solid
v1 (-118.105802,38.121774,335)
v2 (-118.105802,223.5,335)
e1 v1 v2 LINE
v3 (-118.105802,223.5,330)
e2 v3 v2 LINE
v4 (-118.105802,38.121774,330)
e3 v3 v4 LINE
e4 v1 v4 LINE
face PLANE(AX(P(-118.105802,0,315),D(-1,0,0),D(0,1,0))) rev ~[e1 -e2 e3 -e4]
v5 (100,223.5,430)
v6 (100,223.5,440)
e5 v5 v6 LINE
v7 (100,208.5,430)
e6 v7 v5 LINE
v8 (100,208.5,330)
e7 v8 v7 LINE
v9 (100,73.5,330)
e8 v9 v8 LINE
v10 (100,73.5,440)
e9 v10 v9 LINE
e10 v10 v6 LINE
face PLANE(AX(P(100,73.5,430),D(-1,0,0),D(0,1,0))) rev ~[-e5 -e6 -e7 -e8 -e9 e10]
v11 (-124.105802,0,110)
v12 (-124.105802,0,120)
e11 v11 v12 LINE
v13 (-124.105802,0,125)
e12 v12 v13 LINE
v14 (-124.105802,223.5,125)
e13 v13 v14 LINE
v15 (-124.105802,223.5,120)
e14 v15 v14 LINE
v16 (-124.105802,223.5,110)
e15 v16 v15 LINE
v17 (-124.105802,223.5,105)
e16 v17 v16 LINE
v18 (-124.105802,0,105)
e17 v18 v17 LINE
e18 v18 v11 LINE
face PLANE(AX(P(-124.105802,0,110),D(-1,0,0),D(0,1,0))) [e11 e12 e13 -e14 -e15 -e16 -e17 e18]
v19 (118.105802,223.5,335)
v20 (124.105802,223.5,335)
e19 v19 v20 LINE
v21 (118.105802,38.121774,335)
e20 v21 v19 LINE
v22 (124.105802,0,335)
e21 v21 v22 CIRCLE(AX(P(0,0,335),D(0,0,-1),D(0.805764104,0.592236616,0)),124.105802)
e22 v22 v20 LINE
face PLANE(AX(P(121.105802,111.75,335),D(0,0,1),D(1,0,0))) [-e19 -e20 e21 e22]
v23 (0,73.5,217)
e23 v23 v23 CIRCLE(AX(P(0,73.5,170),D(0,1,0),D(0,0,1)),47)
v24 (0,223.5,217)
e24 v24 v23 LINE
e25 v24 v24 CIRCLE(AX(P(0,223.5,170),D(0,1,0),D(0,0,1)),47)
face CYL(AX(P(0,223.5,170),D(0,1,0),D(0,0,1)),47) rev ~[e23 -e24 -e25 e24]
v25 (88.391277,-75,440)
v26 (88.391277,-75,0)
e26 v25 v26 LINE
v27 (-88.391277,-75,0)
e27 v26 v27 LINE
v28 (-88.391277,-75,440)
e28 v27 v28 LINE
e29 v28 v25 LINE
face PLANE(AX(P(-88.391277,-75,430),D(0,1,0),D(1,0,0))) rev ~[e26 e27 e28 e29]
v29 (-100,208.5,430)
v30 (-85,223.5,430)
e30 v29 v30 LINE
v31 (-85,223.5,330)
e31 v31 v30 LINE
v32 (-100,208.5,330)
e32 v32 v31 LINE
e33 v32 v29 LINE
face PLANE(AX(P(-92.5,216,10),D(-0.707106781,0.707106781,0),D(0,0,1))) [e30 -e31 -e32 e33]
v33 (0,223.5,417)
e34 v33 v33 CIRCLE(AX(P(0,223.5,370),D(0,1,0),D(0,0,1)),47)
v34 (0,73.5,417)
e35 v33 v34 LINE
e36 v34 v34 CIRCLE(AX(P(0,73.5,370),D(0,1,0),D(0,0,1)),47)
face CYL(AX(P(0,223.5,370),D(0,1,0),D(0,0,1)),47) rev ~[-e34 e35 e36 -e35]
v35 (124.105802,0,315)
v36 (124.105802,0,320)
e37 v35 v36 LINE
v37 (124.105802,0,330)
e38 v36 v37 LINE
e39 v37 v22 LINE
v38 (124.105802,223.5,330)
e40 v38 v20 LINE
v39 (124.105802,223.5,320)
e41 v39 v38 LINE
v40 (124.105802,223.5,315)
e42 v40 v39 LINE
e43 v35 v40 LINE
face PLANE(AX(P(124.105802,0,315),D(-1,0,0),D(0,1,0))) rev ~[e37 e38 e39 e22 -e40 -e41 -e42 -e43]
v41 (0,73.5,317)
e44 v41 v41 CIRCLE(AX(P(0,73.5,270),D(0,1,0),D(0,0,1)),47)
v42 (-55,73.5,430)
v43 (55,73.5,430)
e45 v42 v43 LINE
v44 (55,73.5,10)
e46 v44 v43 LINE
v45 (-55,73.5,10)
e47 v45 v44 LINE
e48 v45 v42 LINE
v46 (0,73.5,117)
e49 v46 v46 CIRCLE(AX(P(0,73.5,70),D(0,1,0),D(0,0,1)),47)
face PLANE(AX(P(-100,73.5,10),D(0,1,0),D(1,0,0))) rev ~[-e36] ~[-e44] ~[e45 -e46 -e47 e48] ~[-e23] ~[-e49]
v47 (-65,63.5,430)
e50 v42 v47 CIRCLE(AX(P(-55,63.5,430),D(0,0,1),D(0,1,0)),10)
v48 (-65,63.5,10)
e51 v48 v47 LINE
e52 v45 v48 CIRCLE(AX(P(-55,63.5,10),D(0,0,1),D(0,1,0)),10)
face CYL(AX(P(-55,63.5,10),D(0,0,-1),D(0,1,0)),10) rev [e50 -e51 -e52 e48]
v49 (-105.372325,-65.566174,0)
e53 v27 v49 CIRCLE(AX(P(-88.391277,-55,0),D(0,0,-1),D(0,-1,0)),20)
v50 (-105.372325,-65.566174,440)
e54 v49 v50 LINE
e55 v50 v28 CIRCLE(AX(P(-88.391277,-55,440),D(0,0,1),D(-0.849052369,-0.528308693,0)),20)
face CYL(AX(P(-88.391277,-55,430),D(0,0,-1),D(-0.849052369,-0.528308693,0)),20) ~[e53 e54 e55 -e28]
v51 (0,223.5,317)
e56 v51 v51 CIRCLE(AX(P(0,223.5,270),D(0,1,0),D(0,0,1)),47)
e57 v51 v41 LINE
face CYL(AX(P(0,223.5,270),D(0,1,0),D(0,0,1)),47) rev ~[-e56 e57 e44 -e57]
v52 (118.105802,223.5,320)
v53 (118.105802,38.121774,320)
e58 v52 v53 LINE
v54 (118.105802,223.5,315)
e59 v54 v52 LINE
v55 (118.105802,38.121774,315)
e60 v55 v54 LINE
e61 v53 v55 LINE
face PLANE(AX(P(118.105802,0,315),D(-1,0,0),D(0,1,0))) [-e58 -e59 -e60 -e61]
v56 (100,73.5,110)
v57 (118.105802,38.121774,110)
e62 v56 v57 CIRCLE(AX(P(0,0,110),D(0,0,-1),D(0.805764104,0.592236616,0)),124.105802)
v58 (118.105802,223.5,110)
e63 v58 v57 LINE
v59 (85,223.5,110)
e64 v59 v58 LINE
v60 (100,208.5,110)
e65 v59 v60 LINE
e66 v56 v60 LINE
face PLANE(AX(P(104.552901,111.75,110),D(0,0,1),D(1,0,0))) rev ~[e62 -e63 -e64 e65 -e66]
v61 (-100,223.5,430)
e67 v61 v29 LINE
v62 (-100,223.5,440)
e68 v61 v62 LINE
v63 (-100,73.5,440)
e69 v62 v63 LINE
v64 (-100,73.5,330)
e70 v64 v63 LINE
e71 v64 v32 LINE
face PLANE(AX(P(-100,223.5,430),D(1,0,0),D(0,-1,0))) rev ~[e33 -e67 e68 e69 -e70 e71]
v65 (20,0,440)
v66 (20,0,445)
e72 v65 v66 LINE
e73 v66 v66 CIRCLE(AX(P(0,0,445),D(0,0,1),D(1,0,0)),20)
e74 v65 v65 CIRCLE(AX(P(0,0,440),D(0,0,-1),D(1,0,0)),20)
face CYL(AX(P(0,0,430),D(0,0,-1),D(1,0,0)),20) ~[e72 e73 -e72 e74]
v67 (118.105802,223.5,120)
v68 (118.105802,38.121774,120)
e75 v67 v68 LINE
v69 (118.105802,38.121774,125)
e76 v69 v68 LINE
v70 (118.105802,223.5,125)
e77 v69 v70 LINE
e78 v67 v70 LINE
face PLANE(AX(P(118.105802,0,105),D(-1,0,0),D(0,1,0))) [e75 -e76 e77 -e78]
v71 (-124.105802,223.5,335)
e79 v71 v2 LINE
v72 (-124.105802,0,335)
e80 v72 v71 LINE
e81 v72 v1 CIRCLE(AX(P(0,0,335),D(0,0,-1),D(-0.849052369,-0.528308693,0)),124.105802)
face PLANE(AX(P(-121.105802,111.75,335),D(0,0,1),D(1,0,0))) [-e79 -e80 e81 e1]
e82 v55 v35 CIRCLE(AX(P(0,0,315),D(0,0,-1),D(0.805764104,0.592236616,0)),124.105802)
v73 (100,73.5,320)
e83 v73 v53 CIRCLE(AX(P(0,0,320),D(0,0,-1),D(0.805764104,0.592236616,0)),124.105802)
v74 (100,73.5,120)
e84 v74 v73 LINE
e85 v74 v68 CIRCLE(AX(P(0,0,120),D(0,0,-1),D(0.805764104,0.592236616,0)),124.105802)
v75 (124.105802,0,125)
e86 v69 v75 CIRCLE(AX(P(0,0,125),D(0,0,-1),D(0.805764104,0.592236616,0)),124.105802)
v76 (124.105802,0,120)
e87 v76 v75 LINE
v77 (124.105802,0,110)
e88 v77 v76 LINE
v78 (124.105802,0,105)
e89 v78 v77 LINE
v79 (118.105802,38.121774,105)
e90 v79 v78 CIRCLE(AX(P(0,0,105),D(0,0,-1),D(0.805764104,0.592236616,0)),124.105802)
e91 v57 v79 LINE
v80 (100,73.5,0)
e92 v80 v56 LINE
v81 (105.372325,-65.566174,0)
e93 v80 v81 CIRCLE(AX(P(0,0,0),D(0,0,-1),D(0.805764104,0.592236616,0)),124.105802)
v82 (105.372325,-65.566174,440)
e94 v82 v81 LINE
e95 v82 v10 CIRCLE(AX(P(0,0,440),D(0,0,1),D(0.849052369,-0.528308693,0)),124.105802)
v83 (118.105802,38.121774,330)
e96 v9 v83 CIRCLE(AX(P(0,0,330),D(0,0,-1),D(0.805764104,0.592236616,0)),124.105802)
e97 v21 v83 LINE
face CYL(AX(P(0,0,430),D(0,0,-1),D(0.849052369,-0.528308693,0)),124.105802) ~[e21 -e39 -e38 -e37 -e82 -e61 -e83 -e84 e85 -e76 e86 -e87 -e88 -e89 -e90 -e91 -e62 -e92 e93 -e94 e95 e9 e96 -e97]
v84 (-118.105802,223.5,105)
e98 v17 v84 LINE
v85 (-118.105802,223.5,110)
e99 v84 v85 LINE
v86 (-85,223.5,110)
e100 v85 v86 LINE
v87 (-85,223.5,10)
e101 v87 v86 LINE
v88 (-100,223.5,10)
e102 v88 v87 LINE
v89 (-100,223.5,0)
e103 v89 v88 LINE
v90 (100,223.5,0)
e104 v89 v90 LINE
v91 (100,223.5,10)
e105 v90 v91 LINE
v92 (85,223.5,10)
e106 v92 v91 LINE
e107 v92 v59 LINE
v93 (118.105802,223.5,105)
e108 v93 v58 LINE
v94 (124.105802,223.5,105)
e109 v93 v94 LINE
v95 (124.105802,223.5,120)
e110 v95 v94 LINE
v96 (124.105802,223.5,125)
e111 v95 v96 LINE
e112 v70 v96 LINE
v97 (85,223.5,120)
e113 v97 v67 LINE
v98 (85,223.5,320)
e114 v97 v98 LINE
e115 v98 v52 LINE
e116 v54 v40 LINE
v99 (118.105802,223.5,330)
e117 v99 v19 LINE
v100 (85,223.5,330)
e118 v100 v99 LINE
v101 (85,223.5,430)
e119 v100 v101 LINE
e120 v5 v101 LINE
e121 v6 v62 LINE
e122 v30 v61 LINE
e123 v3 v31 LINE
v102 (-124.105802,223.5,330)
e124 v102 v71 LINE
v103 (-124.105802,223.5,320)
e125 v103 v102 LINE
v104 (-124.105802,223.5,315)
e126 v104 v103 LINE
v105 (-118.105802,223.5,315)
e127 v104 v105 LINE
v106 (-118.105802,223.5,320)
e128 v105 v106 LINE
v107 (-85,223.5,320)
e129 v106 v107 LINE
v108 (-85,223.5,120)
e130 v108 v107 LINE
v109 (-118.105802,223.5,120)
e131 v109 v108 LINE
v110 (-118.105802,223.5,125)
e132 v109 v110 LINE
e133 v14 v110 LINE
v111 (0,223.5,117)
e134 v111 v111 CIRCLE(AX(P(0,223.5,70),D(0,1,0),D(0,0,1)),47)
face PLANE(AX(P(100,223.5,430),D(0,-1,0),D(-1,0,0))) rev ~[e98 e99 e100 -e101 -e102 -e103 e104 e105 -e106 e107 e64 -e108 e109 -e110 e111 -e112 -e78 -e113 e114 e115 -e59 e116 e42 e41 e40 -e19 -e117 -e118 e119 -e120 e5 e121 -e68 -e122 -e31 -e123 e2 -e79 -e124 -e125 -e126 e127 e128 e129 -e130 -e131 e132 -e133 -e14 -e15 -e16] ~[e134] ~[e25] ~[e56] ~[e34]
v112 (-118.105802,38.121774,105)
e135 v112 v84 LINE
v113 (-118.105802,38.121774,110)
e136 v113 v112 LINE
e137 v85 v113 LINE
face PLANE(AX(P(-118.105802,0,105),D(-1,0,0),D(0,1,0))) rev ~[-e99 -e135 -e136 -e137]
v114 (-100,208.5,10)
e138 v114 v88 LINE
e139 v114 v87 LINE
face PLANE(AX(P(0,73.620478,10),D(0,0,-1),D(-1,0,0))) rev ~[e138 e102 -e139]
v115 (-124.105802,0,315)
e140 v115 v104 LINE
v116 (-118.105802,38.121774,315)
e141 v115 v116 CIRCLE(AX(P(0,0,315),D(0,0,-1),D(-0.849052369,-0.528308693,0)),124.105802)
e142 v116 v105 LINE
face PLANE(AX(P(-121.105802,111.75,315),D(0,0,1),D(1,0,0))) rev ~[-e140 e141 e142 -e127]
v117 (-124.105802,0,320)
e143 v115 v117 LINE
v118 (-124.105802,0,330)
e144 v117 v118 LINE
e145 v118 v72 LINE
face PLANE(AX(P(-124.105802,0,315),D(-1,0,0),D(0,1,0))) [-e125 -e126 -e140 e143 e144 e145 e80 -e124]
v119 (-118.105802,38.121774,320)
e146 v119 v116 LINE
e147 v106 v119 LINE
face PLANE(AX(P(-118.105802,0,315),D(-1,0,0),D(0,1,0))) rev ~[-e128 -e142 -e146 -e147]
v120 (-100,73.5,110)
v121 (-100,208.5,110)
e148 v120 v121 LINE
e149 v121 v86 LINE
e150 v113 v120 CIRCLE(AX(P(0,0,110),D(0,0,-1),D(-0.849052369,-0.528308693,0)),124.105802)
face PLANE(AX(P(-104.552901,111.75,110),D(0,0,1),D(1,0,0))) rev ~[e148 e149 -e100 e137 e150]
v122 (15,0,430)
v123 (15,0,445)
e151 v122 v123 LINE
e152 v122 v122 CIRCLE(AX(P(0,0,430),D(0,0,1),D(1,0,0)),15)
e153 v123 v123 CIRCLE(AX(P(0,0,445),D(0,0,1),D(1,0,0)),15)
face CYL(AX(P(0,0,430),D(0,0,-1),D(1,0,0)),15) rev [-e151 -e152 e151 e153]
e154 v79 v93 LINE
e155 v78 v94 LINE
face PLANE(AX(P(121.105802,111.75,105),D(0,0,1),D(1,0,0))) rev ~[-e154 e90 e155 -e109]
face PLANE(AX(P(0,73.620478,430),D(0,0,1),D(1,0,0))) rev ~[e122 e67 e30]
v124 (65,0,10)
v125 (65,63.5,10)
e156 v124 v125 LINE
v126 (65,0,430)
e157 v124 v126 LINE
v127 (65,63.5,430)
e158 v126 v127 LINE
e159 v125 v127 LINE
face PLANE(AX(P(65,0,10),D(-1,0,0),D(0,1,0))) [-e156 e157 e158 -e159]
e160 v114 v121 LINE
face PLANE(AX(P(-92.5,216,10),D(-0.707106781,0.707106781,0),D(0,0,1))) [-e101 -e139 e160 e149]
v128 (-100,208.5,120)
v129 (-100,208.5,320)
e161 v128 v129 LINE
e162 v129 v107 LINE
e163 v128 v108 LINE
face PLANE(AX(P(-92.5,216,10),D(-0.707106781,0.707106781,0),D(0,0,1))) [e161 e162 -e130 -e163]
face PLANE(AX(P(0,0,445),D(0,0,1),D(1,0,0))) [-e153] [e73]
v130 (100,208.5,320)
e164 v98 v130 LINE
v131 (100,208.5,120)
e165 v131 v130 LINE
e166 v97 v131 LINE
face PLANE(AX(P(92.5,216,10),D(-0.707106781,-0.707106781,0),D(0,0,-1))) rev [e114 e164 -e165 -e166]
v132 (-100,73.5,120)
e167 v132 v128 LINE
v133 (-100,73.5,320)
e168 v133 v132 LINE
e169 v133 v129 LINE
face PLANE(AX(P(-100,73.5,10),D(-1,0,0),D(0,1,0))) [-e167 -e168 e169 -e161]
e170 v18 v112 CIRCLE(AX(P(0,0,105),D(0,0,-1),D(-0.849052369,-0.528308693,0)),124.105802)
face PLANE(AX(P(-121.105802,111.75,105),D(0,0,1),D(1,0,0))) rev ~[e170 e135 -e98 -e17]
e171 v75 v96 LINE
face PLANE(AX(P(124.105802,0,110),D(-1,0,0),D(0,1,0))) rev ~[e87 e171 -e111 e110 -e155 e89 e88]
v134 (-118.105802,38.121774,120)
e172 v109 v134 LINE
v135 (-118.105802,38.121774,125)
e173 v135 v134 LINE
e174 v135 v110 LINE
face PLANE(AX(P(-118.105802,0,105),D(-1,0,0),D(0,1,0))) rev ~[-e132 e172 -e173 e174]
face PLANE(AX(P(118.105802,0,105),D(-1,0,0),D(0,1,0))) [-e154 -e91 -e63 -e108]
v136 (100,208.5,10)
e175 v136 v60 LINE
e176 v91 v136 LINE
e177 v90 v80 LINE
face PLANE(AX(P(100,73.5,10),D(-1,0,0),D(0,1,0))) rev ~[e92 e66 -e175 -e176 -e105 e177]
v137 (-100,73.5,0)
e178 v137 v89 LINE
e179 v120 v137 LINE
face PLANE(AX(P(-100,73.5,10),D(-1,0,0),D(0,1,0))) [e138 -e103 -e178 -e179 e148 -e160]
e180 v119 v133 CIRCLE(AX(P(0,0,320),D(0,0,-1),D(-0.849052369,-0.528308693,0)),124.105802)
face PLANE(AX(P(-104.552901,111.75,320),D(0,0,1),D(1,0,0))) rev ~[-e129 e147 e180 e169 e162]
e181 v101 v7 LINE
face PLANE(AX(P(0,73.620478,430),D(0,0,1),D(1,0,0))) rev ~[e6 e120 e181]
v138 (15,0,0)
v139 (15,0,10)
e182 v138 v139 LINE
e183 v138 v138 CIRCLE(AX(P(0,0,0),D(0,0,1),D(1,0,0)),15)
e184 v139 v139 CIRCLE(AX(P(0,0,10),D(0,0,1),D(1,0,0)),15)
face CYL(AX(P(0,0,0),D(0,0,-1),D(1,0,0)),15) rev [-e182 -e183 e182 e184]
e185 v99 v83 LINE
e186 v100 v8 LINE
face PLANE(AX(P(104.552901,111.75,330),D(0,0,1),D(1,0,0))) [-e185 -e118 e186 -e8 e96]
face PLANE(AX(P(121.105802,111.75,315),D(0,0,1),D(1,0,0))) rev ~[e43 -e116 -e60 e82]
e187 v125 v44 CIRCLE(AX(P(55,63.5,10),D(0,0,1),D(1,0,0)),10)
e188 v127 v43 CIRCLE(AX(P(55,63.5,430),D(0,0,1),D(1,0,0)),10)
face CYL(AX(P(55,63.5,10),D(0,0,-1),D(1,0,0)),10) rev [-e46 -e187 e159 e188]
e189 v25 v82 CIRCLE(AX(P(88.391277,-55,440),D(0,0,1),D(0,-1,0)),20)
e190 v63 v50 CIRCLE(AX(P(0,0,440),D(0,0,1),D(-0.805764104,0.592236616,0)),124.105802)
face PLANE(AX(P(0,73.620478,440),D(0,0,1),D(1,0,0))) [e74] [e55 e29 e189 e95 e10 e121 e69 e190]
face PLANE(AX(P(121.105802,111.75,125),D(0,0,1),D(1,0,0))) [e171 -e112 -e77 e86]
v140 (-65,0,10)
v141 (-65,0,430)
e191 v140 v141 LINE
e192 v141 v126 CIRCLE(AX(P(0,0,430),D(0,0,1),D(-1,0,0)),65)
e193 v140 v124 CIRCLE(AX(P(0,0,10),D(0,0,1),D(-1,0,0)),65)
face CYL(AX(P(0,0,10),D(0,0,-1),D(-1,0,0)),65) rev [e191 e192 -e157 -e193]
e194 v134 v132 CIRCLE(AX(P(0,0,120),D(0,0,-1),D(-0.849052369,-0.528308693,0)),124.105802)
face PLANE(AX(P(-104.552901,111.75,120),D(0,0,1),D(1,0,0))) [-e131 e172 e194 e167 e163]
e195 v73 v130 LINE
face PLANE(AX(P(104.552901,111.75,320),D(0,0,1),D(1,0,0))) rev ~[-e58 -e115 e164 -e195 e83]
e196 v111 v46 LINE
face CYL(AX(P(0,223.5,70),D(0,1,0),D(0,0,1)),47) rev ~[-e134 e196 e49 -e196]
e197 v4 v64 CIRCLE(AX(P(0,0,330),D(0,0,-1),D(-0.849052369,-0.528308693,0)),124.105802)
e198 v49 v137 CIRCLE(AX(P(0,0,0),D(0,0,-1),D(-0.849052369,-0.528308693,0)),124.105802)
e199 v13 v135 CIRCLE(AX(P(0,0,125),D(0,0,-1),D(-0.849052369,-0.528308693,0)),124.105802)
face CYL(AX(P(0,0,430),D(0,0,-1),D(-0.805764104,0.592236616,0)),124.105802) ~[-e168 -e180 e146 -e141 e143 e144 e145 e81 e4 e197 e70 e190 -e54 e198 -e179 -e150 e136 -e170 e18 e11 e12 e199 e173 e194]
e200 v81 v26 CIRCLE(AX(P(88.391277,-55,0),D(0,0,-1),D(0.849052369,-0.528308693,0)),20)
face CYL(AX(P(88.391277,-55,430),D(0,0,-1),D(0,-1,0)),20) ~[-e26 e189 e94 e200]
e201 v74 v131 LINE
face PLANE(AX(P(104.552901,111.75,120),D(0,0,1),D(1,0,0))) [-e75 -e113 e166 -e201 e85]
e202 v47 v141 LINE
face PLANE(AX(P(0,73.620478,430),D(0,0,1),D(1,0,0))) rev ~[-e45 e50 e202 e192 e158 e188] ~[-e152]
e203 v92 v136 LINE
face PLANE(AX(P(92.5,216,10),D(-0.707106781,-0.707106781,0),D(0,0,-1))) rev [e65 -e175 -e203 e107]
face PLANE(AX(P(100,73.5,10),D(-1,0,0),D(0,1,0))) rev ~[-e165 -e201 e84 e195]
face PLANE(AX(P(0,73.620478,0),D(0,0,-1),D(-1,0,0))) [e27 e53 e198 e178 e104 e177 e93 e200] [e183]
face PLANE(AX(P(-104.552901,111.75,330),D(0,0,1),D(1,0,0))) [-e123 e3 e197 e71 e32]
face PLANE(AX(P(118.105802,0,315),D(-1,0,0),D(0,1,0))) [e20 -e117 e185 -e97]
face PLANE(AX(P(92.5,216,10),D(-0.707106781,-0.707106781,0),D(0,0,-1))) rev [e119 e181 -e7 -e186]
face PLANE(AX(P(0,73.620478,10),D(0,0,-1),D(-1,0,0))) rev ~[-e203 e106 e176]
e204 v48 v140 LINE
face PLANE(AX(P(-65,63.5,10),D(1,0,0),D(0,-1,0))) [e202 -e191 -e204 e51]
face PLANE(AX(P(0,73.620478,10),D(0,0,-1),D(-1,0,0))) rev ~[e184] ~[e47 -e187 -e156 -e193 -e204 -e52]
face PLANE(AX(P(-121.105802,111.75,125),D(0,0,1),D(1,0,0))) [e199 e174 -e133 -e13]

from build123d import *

# Parameters (mm, degrees)
SKETCH1_R                = 15
BOSS_EXTRUDE1_DEPTH      = 10
SKETCH2_W                = 200
SKETCH2_H                = 150
BOSS_EXTRUDE2_DEPTH      = 420
SKETCH3_R                = 47
CUT_EXTRUDE1_DEPTH       = 150
CHAMFER2_SIZE            = 15
BOSS_EXTRUDE3_START      = 10
BOSS_EXTRUDE3_DEPTH      = 420
BOSS_EXTRUDE4_DEPTH      = 5
BOSS_EXTRUDE4_DEPTH_BACK = 5
BOSS_EXTRUDE4_START      = 115
SKETCH5_W                = 39.105801637
SKETCH5_H                = 223.5
BOSS_EXTRUDE5_DEPTH      = 5
BOSS_EXTRUDE5_DEPTH_BACK = 5
BOSS_EXTRUDE5_START      = 325
SKETCH5_3_W              = 39.105801637
SKETCH5_3_H              = 223.5
BOSS_EXTRUDE6_DEPTH      = 10
BOSS_EXTRUDE6_DEPTH_BACK = 10
BOSS_EXTRUDE6_START      = 115
SKETCH5_4_W              = 6
SKETCH5_4_H              = 223.5
BOSS_EXTRUDE7_DEPTH      = 10
BOSS_EXTRUDE7_DEPTH_BACK = 10
BOSS_EXTRUDE7_START      = 325
SKETCH5_5_W              = 6
SKETCH5_5_H              = 223.5
SKETCH10_R               = 15
BOSS_EXTRUDE8_DEPTH      = 10
SKETCH10_3_R             = 20
SKETCH10_3_R_2           = 15
BOSS_EXTRUDE9_DEPTH      = 15


with BuildPart() as part:
    # Sketch1 → Boss-Extrude1 (new body)
    with BuildSketch(Plane.XY):
        with BuildLine():
            Line((-100, 223.5), (-100, 73.5))
            ThreePointArc((-100, 73.5), (-124.013298207, 4.790810776), (-105.372324855, -65.566173861))
            ThreePointArc((-105.372324855, -65.566173861), (-98.104066029, -72.483184453), (-88.39127748, -75))
            Line((-88.39127748, -75), (88.39127748, -75))
            ThreePointArc((88.39127748, -75), (98.104066029, -72.483184453), (105.372324855, -65.566173861))
            ThreePointArc((105.372324855, -65.566173861), (124.013298207, 4.790810776), (100, 73.5))
            Line((100, 73.5), (100, 223.5))
            Line((100, 223.5), (-100, 223.5))
        make_face()
        Circle(SKETCH1_R, mode=Mode.SUBTRACT)
    extrude(amount=BOSS_EXTRUDE1_DEPTH)



with BuildPart() as body_2:
    # Sketch2 → Boss-Extrude2 (new body)
    with BuildSketch(Plane.XY.offset(10)):
        with Locations((0, 148.5)):
            Rectangle(SKETCH2_W, SKETCH2_H)
    extrude(amount=BOSS_EXTRUDE2_DEPTH)

    # Sketch3 → Cut-Extrude1 (cut)
    with BuildSketch(Plane(origin=(0, 223.5, 0), x_dir=(1, 0, 0), z_dir=(0, 1, 0))):
        with Locations((0, -370)):
            Circle(SKETCH3_R)
        with Locations((0, -270)):
            Circle(SKETCH3_R)
        with Locations((0, -170)):
            Circle(SKETCH3_R)
        with Locations((0, -70)):
            Circle(SKETCH3_R)
    extrude(amount=-CUT_EXTRUDE1_DEPTH, mode=Mode.SUBTRACT)

    # Chamfer2
    chamfer2_edges = [body_2.edges().sort_by_distance(p)[0] for p in [
        (-100, 223.5, 220),
        (100, 223.5, 220),
    ]]
    chamfer(chamfer2_edges, length=CHAMFER2_SIZE)


with BuildPart() as part_1:
    add(part.part)

    add(body_2.part)  # Boss-Extrude3 merges body 2
    # Sketch4 → Boss-Extrude3 (add)
    with BuildSketch(Plane.XY.offset(BOSS_EXTRUDE3_START)):
        with BuildLine():
            Line((88.39127748, -75), (-88.39127748, -75))
            ThreePointArc((-88.39127748, -75), (-98.104066029, -72.483184453), (-105.372324855, -65.566173861))
            ThreePointArc((-105.372324855, -65.566173861), (-124.013298207, 4.790810776), (-100, 73.5))
            Line((-100, 73.5), (-55, 73.5))
            ThreePointArc((-55, 73.5), (-62.071067812, 70.571067812), (-65, 63.5))
            Line((-65, 63.5), (-65, 0))
            ThreePointArc((-65, 0), (0, -65), (65, 0))
            Line((65, 0), (65, 63.5))
            ThreePointArc((65, 63.5), (62.071067812, 70.571067812), (55, 73.5))
            Line((55, 73.5), (100, 73.5))
            ThreePointArc((100, 73.5), (124.013298207, 4.790810776), (105.372324855, -65.566173861))
            ThreePointArc((105.372324855, -65.566173861), (98.104066029, -72.483184453), (88.39127748, -75))
        make_face()
    extrude(amount=BOSS_EXTRUDE3_DEPTH)

    # Sketch5 → Boss-Extrude4 (add, two sides: drawn at the far end of the back side and taken through both)
    with BuildSketch(Plane.XY.offset(BOSS_EXTRUDE4_START - BOSS_EXTRUDE4_DEPTH_BACK)):
        with Locations((-104.552900819, 111.75)):
            Rectangle(SKETCH5_W, SKETCH5_H)
        with Locations((104.552900819, 111.75)):
            Rectangle(SKETCH5_W, SKETCH5_H)
    extrude(amount=BOSS_EXTRUDE4_DEPTH + BOSS_EXTRUDE4_DEPTH_BACK)

    # Sketch5<3> → Boss-Extrude5 (add, two sides: drawn at the far end of the back side and taken through both)
    with BuildSketch(Plane.XY.offset(BOSS_EXTRUDE5_START - BOSS_EXTRUDE5_DEPTH_BACK)):
        with Locations((-104.552900819, 111.75)):
            Rectangle(SKETCH5_3_W, SKETCH5_3_H)
        with Locations((104.552900819, 111.75)):
            Rectangle(SKETCH5_3_W, SKETCH5_3_H)
    extrude(amount=BOSS_EXTRUDE5_DEPTH + BOSS_EXTRUDE5_DEPTH_BACK)

    # Sketch5<4> → Boss-Extrude6 (add, two sides: drawn at the far end of the back side and taken through both)
    with BuildSketch(Plane.XY.offset(BOSS_EXTRUDE6_START - BOSS_EXTRUDE6_DEPTH_BACK)):
        with Locations((-121.105801637, 111.75)):
            Rectangle(SKETCH5_4_W, SKETCH5_4_H)
        with Locations((121.105801637, 111.75)):
            Rectangle(SKETCH5_4_W, SKETCH5_4_H)
    extrude(amount=BOSS_EXTRUDE6_DEPTH + BOSS_EXTRUDE6_DEPTH_BACK)

    # Sketch5<5> → Boss-Extrude7 (add, two sides: drawn at the far end of the back side and taken through both)
    with BuildSketch(Plane.XY.offset(BOSS_EXTRUDE7_START - BOSS_EXTRUDE7_DEPTH_BACK)):
        with Locations((-121.105801637, 111.75)):
            Rectangle(SKETCH5_5_W, SKETCH5_5_H)
        with Locations((121.105801637, 111.75)):
            Rectangle(SKETCH5_5_W, SKETCH5_5_H)
    extrude(amount=BOSS_EXTRUDE7_DEPTH + BOSS_EXTRUDE7_DEPTH_BACK)

    # Sketch10 → Boss-Extrude8 (add)
    with BuildSketch(Plane.XY.offset(430)):
        with BuildLine():
            Line((100, 223.5), (-100, 223.5))
            Line((-100, 223.5), (-100, 73.5))
            ThreePointArc((-100, 73.5), (-124.013298207, 4.790810776), (-105.372324855, -65.566173861))
            ThreePointArc((-105.372324855, -65.566173861), (-98.104066029, -72.483184453), (-88.39127748, -75))
            Line((-88.39127748, -75), (88.39127748, -75))
            ThreePointArc((88.39127748, -75), (98.104066029, -72.483184453), (105.372324855, -65.566173861))
            ThreePointArc((105.372324855, -65.566173861), (124.013298207, 4.790810776), (100, 73.5))
            Line((100, 73.5), (100, 223.5))
        make_face()
        Circle(SKETCH10_R, mode=Mode.SUBTRACT)
    extrude(amount=BOSS_EXTRUDE8_DEPTH)

    # Sketch10<3> → Boss-Extrude9 (add)
    with BuildSketch(Plane.XY.offset(430)):
        Circle(SKETCH10_3_R)
        Circle(SKETCH10_3_R_2, mode=Mode.SUBTRACT)
    extrude(amount=BOSS_EXTRUDE9_DEPTH)


solid = part_1.part
